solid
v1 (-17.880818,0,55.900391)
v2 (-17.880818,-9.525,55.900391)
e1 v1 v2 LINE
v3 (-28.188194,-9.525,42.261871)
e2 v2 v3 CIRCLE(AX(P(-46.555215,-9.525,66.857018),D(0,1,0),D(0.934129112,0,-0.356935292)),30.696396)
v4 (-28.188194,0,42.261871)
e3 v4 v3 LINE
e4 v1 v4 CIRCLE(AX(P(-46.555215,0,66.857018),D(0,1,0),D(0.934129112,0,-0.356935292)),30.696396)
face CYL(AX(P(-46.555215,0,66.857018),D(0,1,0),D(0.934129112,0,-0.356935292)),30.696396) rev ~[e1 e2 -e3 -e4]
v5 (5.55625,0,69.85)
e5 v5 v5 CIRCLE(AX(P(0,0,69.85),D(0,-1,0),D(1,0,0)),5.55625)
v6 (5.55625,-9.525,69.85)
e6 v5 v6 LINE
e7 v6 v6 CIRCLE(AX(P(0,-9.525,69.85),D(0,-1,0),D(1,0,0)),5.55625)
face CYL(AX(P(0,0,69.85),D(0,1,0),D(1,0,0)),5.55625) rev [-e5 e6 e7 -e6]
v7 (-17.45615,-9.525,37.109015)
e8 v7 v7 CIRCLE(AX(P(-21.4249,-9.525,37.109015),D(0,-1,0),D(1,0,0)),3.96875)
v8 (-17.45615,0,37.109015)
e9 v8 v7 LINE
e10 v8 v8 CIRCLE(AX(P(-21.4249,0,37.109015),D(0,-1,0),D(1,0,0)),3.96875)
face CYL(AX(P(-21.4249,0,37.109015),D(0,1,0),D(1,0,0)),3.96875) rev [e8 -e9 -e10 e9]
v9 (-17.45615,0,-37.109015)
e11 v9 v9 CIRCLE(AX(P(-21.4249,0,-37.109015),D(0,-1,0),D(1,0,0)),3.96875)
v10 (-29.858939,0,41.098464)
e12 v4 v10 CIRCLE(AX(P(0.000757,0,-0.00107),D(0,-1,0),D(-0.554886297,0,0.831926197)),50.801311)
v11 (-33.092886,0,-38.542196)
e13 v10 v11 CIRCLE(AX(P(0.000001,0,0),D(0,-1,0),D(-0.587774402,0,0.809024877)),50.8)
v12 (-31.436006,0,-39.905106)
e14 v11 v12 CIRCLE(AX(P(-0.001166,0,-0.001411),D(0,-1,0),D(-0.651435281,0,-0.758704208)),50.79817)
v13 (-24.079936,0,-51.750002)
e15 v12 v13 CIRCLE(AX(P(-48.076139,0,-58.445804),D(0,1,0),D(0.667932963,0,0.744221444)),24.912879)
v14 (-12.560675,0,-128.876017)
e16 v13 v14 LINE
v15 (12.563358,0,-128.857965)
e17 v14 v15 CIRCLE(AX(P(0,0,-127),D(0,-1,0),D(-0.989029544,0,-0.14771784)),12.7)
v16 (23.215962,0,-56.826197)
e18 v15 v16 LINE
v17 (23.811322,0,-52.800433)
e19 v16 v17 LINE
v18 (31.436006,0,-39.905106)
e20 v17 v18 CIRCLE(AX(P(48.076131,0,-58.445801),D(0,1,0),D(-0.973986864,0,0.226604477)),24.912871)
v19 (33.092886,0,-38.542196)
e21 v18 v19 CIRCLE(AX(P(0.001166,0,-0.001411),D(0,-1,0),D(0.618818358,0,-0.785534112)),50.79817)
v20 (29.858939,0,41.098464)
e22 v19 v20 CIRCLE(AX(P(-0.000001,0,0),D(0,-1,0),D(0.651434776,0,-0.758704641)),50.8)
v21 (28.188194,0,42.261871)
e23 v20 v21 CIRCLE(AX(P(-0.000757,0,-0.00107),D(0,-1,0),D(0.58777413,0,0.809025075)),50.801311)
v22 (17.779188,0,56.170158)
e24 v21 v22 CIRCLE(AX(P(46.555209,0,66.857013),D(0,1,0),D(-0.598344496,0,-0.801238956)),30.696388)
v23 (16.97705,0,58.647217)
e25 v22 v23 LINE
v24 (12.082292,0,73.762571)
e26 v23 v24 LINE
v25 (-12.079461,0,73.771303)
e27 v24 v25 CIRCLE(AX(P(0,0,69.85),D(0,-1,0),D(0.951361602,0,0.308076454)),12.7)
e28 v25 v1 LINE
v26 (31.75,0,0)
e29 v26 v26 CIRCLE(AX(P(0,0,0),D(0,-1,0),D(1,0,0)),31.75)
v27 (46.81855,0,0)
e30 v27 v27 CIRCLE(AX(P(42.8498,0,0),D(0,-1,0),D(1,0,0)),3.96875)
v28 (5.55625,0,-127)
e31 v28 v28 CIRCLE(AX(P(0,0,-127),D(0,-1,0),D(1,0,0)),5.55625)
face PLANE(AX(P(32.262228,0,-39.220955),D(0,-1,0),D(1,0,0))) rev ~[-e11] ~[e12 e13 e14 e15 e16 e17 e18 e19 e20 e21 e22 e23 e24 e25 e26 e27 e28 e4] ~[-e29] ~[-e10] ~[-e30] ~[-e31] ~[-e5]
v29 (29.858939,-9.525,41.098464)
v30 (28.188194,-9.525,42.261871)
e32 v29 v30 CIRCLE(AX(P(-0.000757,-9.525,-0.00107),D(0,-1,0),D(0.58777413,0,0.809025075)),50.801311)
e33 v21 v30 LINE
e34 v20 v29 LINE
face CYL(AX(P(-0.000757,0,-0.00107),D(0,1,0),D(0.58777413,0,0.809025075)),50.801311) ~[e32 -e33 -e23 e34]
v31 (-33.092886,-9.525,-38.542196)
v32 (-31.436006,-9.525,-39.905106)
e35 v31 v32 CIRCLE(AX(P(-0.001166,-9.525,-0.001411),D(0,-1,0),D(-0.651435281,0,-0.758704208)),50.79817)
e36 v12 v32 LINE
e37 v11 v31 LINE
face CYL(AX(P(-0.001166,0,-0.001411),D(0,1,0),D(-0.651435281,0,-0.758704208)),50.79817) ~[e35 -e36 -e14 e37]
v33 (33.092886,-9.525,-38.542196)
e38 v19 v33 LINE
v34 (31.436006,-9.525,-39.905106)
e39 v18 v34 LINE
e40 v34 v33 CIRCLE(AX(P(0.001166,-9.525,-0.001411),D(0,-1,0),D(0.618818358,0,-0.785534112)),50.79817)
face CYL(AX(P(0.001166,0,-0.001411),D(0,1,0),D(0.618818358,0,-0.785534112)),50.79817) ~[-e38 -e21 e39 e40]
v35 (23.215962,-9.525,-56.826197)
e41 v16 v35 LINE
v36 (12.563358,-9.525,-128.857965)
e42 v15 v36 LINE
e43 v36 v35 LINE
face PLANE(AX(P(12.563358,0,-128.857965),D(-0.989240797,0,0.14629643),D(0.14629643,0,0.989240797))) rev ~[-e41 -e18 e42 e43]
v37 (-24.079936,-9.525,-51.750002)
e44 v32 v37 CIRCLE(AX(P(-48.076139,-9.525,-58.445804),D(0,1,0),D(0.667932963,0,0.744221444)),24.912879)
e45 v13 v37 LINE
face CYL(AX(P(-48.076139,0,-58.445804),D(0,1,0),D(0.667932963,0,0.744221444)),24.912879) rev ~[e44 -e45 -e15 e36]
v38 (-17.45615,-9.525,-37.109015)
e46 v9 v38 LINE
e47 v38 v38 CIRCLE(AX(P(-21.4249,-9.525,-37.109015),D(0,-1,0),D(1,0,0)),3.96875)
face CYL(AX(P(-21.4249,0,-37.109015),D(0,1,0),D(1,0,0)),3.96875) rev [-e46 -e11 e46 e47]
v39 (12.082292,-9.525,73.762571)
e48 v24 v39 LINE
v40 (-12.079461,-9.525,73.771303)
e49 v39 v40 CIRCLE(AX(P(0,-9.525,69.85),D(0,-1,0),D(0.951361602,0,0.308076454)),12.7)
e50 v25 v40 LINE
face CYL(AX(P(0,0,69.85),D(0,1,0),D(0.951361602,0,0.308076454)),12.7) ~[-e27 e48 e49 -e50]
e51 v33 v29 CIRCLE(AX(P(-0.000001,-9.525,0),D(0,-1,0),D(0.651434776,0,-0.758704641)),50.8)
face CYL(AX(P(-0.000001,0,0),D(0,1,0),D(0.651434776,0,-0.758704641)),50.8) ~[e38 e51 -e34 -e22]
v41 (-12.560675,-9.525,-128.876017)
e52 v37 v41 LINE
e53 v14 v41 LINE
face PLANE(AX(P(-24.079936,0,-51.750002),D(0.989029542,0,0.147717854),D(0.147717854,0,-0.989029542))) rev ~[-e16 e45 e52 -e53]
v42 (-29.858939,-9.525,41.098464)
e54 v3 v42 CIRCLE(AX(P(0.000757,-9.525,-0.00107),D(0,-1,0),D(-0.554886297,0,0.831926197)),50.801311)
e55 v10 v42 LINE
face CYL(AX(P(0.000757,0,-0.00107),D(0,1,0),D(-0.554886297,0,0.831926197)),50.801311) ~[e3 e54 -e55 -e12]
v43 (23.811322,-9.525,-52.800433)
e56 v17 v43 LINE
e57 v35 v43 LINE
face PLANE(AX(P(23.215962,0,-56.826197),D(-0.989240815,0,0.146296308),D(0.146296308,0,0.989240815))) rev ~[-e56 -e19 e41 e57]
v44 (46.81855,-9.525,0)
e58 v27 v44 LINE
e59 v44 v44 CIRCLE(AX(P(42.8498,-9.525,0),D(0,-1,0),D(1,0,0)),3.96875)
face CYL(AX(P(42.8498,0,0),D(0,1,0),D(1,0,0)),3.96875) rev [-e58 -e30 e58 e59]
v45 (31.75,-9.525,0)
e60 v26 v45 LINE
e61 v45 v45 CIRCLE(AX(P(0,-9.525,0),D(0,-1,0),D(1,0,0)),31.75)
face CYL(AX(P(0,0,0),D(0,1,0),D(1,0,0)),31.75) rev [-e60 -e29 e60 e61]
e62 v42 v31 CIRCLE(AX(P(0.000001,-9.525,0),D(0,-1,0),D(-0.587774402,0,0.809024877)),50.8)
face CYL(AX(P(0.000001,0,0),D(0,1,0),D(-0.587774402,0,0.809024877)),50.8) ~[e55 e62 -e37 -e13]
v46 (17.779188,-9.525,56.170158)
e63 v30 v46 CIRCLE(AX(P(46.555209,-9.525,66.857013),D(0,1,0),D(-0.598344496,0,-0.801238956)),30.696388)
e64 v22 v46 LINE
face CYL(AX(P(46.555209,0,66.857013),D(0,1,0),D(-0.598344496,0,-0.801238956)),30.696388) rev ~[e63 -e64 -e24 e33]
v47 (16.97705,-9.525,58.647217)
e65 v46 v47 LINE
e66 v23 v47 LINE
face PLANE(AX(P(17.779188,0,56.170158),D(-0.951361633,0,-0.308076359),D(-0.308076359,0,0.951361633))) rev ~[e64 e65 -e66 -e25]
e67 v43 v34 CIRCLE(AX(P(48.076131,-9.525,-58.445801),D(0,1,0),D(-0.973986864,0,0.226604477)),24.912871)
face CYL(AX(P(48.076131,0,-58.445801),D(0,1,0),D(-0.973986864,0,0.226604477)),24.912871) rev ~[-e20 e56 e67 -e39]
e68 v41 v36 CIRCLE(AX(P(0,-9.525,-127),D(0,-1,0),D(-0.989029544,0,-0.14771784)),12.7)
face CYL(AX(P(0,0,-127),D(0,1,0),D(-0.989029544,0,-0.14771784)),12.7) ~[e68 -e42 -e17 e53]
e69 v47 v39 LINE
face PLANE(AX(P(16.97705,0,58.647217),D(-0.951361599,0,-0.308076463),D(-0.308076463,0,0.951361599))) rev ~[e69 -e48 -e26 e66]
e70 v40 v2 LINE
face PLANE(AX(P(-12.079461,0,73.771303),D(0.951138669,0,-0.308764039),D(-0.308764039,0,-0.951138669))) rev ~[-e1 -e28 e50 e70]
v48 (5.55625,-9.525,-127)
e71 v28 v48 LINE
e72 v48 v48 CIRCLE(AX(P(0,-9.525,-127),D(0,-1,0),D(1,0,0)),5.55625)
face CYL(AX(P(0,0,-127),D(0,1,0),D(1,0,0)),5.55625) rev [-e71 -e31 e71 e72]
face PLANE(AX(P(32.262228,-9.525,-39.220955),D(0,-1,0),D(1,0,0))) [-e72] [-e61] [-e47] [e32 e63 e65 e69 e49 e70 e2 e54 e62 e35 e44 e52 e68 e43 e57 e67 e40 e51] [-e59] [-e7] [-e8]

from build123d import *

# Parameters (mm, degrees)
F0_R     = 3.96875
F0_R_2   = 5.55625
F0_R_3   = 31.75
F1_DEPTH = 9.525


with BuildPart() as f1:
    # F0 (on Front) → F1 (new body)
    with BuildSketch(Plane.XZ):
        with BuildLine():
            ThreePointArc((33.092886, -38.542196), (32.249768, -39.205807), (31.436006, -39.905106))
            ThreePointArc((31.436006, -39.905106), (32.271642, -39.232399), (33.092886, -38.542196))
        make_face()
        with BuildLine():
            ThreePointArc((23.811322, -52.800433), (26.631417, -45.766078), (31.436006, -39.905106))
            ThreePointArc((31.436006, -39.905106), (32.249768, -39.205807), (33.092886, -38.542196))
            ThreePointArc((33.092886, -38.542196), (50.758169, 2.061123), (29.858939, 41.098464))
            ThreePointArc((29.858939, 41.098464), (29.013919, 41.666312), (28.188194, 42.261871))
            ThreePointArc((28.188194, 42.261871), (21.979274, 48.464306), (17.779188, 56.170158))
            ThreePointArc((17.779188, 56.170158), (17.351844, 57.400179), (16.97705, 58.647217))
            Line((16.97705, 58.647217), (12.082292, 73.762571))
            ThreePointArc((12.082292, 73.762571), (0.00459, 82.549999), (-12.079461, 73.771303))
            Line((-12.079461, 73.771303), (-17.880818, 55.900391))
            ThreePointArc((-17.880818, 55.900391), (-22.06591, 48.34911), (-28.188194, 42.261871))
            ThreePointArc((-28.188194, 42.261871), (-29.013919, 41.666312), (-29.858939, 41.098464))
            ThreePointArc((-29.858939, 41.098464), (-50.758169, 2.061123), (-33.092886, -38.542196))
            ThreePointArc((-33.092886, -38.542196), (-32.249768, -39.205807), (-31.436006, -39.905106))
            ThreePointArc((-31.436006, -39.905106), (-26.912412, -45.302434), (-24.079936, -51.750002))
            Line((-24.079936, -51.750002), (-12.560675, -128.876017))
            ThreePointArc((-12.560675, -128.876017), (0.009125, -139.699997), (12.563358, -128.857965))
            Line((12.563358, -128.857965), (23.215962, -56.826197))
            ThreePointArc((23.215962, -56.826197), (23.431303, -54.801138), (23.811322, -52.800433))
        make_face()
        with Locations((-21.4249, -37.109015)):
            Circle(F0_R, mode=Mode.SUBTRACT)
        with Locations((0, -127)):
            Circle(F0_R_2, mode=Mode.SUBTRACT)
        with Locations((-21.4249, 37.109015)):
            Circle(F0_R, mode=Mode.SUBTRACT)
        Circle(F0_R_3, mode=Mode.SUBTRACT)
        with Locations((42.8498, 0)):
            Circle(F0_R, mode=Mode.SUBTRACT)
        with Locations((0, 69.85)):
            Circle(F0_R_2, mode=Mode.SUBTRACT)
        with BuildLine():
            Line((23.215962, -56.826197), (23.811322, -52.800433))
            ThreePointArc((23.811322, -52.800433), (23.431303, -54.801138), (23.215962, -56.826197))
        make_face()
        with BuildLine():
            ThreePointArc((28.188194, 42.261871), (29.013919, 41.666312), (29.858939, 41.098464))
            ThreePointArc((29.858939, 41.098464), (29.029395, 41.688538), (28.188194, 42.261871))
        make_face()
        with BuildLine():
            ThreePointArc((16.97705, 58.647217), (17.351844, 57.400179), (17.779188, 56.170158))
            Line((17.779188, 56.170158), (16.97705, 58.647217))
        make_face()
        with BuildLine():
            ThreePointArc((-33.092886, -38.542196), (-32.271642, -39.232399), (-31.436006, -39.905106))
            ThreePointArc((-31.436006, -39.905106), (-32.249768, -39.205807), (-33.092886, -38.542196))
        make_face()
        with BuildLine():
            ThreePointArc((-28.188194, 42.261871), (-29.029395, 41.688538), (-29.858939, 41.098464))
            ThreePointArc((-29.858939, 41.098464), (-29.013919, 41.666312), (-28.188194, 42.261871))
        make_face()
    extrude(amount=F1_DEPTH)


solid = f1.part
